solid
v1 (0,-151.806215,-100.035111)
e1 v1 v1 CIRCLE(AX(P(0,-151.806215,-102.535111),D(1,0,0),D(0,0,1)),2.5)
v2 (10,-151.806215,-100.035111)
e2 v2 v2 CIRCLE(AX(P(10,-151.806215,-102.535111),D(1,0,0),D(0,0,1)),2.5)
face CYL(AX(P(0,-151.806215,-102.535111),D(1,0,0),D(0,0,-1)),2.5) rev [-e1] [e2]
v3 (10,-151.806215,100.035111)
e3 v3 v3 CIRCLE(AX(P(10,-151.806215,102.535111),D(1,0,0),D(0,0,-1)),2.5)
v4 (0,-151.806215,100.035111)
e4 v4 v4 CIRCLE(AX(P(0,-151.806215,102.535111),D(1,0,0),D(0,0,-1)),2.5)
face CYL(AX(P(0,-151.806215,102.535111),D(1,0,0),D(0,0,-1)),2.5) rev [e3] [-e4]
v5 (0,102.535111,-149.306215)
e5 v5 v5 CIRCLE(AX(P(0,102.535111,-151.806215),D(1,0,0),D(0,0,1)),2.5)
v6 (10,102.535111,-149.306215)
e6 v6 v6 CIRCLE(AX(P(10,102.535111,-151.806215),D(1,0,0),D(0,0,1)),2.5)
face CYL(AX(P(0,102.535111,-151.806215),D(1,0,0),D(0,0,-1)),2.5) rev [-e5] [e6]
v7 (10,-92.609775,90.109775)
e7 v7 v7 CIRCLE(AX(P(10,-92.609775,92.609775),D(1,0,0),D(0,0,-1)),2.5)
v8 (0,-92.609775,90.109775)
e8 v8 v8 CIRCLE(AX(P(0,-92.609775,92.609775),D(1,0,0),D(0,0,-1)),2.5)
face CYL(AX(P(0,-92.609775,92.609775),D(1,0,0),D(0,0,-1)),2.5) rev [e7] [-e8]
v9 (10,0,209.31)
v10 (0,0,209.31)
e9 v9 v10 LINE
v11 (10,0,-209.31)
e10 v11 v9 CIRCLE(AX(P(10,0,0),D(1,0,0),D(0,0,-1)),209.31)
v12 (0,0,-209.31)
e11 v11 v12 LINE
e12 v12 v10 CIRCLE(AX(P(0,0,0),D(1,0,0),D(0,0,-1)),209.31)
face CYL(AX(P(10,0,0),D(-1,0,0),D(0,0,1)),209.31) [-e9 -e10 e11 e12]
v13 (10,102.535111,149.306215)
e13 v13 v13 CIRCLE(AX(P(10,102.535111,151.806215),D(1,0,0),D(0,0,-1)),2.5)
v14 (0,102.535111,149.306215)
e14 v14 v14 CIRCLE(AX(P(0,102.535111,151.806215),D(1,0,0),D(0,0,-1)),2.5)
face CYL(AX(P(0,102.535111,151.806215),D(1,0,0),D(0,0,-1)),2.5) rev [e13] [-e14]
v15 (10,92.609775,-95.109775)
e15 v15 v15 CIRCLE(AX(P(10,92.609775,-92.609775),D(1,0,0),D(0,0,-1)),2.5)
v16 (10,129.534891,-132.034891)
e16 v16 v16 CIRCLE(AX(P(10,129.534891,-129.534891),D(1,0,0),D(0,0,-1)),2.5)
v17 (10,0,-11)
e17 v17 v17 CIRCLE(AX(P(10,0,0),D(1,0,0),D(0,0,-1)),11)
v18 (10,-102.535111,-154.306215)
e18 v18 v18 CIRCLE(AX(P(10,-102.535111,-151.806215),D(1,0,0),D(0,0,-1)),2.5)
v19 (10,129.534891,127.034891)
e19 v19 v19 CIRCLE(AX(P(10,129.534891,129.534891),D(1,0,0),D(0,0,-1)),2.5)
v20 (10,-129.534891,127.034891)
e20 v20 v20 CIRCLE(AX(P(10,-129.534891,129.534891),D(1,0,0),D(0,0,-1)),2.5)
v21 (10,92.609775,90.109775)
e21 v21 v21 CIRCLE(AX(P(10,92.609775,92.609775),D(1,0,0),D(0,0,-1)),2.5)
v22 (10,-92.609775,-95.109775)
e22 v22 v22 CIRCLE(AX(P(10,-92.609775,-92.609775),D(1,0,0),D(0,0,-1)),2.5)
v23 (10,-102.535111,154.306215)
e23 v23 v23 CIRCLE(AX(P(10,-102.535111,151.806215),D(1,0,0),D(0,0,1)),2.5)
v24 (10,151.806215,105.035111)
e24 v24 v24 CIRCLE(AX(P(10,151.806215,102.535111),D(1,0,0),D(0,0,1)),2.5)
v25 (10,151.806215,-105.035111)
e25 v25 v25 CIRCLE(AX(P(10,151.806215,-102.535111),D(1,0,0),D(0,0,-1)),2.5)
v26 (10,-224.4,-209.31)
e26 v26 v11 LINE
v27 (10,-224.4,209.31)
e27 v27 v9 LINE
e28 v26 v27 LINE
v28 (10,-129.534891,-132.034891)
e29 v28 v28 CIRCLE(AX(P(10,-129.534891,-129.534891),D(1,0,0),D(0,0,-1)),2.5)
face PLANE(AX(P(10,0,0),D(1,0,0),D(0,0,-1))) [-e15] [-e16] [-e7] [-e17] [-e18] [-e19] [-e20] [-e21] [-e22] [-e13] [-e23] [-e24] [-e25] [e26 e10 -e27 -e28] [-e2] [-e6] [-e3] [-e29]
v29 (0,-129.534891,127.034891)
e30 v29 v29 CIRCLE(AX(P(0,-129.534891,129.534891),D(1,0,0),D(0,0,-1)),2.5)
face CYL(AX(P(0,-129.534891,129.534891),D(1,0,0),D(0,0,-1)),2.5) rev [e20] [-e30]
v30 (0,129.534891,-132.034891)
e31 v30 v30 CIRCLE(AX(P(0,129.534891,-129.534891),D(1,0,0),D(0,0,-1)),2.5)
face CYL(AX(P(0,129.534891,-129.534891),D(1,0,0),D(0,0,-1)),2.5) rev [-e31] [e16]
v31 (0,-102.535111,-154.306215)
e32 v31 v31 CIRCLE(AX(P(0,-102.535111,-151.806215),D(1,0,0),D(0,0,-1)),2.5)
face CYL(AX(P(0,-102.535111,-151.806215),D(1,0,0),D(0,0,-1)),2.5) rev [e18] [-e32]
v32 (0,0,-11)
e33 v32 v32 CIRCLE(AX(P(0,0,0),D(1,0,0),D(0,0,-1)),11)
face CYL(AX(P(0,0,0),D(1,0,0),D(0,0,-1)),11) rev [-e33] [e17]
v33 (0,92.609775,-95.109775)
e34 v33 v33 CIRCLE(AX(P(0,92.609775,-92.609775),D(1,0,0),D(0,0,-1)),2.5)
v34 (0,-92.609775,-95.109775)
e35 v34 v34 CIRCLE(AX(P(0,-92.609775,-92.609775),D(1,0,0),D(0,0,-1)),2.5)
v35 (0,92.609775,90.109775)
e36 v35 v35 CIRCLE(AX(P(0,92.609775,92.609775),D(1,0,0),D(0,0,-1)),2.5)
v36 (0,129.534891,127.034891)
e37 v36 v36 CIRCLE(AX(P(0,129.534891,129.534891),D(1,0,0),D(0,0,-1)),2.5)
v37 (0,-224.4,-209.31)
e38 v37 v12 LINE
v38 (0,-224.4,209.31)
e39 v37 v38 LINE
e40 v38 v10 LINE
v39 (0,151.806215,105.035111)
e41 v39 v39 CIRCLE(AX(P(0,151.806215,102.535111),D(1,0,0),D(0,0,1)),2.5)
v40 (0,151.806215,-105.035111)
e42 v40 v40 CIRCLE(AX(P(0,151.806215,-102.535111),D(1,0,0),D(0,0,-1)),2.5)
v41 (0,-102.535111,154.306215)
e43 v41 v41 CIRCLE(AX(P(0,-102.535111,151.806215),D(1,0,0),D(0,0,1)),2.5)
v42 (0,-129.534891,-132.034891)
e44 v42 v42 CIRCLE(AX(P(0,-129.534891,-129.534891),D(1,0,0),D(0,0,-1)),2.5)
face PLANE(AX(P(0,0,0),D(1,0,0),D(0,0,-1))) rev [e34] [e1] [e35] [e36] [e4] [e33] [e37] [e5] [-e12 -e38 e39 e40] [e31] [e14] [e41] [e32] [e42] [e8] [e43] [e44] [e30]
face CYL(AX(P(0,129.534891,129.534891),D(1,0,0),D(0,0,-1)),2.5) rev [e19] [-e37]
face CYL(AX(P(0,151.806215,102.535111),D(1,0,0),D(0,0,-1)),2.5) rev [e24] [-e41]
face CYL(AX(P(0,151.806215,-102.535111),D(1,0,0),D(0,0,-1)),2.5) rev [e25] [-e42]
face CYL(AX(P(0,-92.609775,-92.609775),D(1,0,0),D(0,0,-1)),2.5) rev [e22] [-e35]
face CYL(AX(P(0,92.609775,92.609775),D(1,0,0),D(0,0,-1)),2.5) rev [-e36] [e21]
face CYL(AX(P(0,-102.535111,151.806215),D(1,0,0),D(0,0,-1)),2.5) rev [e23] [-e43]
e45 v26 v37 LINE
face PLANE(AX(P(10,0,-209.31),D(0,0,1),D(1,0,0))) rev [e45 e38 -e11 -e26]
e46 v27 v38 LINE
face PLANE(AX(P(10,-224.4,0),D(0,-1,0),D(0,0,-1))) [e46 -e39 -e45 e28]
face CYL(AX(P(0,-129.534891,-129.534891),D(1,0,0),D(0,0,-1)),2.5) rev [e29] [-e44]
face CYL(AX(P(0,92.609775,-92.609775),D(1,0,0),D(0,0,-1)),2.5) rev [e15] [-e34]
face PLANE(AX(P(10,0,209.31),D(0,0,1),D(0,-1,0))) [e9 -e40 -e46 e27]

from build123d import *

# Parameters (mm, degrees)
BOSS_EXTRUDE1_DEPTH = 10
SKETCH2_R           = 2.5
CUT_EXTRUDE1_DEPTH  = 10
SKETCH3_R           = 11
CUT_EXTRUDE2_DEPTH  = 10
SKETCH4_R           = 2.5
CUT_EXTRUDE3_DEPTH  = 10


with BuildPart() as part:
    # Sketch1 → Boss-Extrude1 (new body)
    with BuildSketch(Plane(origin=(0, 0, 0), x_dir=(0, 0, -1), z_dir=(1, 0, 0))):
        with BuildLine():
            ThreePointArc((-209.31, 0), (0, -209.31), (209.31, 0))
            Line((209.31, 0), (-209.31, 0))
        make_face()
        with BuildLine():
            Line((-209.31, 0), (209.31, 0))
            ThreePointArc((209.31, 0), (0, 209.31), (-209.31, 0))
        make_face()
        with BuildLine():
            Line((-209.31, -224.4), (209.31, -224.4))
            Line((209.31, -224.4), (209.31, 0))
            ThreePointArc((209.31, 0), (0, -209.31), (-209.31, 0))
            Line((-209.31, 0), (-209.31, -224.4))
        make_face()
    extrude(amount=BOSS_EXTRUDE1_DEPTH)

    # Sketch2 → Cut-Extrude1 (cut)
    with BuildSketch(Plane(origin=(10, 0, 0), x_dir=(0, 0, -1), z_dir=(1, 0, 0))):
        with Locations((129.534891246, 129.534891246)):
            Circle(SKETCH2_R)
        with Locations((92.609775132, 92.609775132)):
            Circle(SKETCH2_R)
        with Locations((92.609775132, -92.609775132)):
            Circle(SKETCH2_R)
        with Locations((129.534891246, -129.534891246)):
            Circle(SKETCH2_R)
        with Locations((-92.609775132, -92.609775132)):
            Circle(SKETCH2_R)
        with Locations((-129.534891246, -129.534891246)):
            Circle(SKETCH2_R)
        with Locations((-92.609775132, 92.609775132)):
            Circle(SKETCH2_R)
        with Locations((-129.534891246, 129.534891246)):
            Circle(SKETCH2_R)
    extrude(amount=-CUT_EXTRUDE1_DEPTH, mode=Mode.SUBTRACT)

    # Sketch3 → Cut-Extrude2 (cut)
    with BuildSketch(Plane(origin=(10, 0, 0), x_dir=(0, 0, -1), z_dir=(1, 0, 0))):
        Circle(SKETCH3_R)
    extrude(amount=-CUT_EXTRUDE2_DEPTH, mode=Mode.SUBTRACT)

    # Sketch4 → Cut-Extrude3 (cut)
    with BuildSketch(Plane(origin=(10, 0, 0), x_dir=(0, 0, -1), z_dir=(1, 0, 0))):
        with Locations((-151.806215462, 102.53511129)):
            Circle(SKETCH4_R)
        with Locations(Location((-102.53511129, 151.806215462, 0), (0, 0, 180))):
            Circle(SKETCH4_R)
        with Locations((102.53511129, 151.806215462)):
            Circle(SKETCH4_R)
        with Locations(Location((151.806215462, 102.53511129, 0), (0, 0, 180))):
            Circle(SKETCH4_R)
        with Locations((151.806215462, -102.53511129)):
            Circle(SKETCH4_R)
        with Locations(Location((102.53511129, -151.806215462, 0), (0, 0, 180))):
            Circle(SKETCH4_R)
        with Locations((-102.53511129, -151.806215462)):
            Circle(SKETCH4_R)
        with Locations(Location((-151.806215462, -102.53511129, 0), (0, 0, 180))):
            Circle(SKETCH4_R)
    extrude(amount=-CUT_EXTRUDE3_DEPTH, mode=Mode.SUBTRACT)


solid = part.part
